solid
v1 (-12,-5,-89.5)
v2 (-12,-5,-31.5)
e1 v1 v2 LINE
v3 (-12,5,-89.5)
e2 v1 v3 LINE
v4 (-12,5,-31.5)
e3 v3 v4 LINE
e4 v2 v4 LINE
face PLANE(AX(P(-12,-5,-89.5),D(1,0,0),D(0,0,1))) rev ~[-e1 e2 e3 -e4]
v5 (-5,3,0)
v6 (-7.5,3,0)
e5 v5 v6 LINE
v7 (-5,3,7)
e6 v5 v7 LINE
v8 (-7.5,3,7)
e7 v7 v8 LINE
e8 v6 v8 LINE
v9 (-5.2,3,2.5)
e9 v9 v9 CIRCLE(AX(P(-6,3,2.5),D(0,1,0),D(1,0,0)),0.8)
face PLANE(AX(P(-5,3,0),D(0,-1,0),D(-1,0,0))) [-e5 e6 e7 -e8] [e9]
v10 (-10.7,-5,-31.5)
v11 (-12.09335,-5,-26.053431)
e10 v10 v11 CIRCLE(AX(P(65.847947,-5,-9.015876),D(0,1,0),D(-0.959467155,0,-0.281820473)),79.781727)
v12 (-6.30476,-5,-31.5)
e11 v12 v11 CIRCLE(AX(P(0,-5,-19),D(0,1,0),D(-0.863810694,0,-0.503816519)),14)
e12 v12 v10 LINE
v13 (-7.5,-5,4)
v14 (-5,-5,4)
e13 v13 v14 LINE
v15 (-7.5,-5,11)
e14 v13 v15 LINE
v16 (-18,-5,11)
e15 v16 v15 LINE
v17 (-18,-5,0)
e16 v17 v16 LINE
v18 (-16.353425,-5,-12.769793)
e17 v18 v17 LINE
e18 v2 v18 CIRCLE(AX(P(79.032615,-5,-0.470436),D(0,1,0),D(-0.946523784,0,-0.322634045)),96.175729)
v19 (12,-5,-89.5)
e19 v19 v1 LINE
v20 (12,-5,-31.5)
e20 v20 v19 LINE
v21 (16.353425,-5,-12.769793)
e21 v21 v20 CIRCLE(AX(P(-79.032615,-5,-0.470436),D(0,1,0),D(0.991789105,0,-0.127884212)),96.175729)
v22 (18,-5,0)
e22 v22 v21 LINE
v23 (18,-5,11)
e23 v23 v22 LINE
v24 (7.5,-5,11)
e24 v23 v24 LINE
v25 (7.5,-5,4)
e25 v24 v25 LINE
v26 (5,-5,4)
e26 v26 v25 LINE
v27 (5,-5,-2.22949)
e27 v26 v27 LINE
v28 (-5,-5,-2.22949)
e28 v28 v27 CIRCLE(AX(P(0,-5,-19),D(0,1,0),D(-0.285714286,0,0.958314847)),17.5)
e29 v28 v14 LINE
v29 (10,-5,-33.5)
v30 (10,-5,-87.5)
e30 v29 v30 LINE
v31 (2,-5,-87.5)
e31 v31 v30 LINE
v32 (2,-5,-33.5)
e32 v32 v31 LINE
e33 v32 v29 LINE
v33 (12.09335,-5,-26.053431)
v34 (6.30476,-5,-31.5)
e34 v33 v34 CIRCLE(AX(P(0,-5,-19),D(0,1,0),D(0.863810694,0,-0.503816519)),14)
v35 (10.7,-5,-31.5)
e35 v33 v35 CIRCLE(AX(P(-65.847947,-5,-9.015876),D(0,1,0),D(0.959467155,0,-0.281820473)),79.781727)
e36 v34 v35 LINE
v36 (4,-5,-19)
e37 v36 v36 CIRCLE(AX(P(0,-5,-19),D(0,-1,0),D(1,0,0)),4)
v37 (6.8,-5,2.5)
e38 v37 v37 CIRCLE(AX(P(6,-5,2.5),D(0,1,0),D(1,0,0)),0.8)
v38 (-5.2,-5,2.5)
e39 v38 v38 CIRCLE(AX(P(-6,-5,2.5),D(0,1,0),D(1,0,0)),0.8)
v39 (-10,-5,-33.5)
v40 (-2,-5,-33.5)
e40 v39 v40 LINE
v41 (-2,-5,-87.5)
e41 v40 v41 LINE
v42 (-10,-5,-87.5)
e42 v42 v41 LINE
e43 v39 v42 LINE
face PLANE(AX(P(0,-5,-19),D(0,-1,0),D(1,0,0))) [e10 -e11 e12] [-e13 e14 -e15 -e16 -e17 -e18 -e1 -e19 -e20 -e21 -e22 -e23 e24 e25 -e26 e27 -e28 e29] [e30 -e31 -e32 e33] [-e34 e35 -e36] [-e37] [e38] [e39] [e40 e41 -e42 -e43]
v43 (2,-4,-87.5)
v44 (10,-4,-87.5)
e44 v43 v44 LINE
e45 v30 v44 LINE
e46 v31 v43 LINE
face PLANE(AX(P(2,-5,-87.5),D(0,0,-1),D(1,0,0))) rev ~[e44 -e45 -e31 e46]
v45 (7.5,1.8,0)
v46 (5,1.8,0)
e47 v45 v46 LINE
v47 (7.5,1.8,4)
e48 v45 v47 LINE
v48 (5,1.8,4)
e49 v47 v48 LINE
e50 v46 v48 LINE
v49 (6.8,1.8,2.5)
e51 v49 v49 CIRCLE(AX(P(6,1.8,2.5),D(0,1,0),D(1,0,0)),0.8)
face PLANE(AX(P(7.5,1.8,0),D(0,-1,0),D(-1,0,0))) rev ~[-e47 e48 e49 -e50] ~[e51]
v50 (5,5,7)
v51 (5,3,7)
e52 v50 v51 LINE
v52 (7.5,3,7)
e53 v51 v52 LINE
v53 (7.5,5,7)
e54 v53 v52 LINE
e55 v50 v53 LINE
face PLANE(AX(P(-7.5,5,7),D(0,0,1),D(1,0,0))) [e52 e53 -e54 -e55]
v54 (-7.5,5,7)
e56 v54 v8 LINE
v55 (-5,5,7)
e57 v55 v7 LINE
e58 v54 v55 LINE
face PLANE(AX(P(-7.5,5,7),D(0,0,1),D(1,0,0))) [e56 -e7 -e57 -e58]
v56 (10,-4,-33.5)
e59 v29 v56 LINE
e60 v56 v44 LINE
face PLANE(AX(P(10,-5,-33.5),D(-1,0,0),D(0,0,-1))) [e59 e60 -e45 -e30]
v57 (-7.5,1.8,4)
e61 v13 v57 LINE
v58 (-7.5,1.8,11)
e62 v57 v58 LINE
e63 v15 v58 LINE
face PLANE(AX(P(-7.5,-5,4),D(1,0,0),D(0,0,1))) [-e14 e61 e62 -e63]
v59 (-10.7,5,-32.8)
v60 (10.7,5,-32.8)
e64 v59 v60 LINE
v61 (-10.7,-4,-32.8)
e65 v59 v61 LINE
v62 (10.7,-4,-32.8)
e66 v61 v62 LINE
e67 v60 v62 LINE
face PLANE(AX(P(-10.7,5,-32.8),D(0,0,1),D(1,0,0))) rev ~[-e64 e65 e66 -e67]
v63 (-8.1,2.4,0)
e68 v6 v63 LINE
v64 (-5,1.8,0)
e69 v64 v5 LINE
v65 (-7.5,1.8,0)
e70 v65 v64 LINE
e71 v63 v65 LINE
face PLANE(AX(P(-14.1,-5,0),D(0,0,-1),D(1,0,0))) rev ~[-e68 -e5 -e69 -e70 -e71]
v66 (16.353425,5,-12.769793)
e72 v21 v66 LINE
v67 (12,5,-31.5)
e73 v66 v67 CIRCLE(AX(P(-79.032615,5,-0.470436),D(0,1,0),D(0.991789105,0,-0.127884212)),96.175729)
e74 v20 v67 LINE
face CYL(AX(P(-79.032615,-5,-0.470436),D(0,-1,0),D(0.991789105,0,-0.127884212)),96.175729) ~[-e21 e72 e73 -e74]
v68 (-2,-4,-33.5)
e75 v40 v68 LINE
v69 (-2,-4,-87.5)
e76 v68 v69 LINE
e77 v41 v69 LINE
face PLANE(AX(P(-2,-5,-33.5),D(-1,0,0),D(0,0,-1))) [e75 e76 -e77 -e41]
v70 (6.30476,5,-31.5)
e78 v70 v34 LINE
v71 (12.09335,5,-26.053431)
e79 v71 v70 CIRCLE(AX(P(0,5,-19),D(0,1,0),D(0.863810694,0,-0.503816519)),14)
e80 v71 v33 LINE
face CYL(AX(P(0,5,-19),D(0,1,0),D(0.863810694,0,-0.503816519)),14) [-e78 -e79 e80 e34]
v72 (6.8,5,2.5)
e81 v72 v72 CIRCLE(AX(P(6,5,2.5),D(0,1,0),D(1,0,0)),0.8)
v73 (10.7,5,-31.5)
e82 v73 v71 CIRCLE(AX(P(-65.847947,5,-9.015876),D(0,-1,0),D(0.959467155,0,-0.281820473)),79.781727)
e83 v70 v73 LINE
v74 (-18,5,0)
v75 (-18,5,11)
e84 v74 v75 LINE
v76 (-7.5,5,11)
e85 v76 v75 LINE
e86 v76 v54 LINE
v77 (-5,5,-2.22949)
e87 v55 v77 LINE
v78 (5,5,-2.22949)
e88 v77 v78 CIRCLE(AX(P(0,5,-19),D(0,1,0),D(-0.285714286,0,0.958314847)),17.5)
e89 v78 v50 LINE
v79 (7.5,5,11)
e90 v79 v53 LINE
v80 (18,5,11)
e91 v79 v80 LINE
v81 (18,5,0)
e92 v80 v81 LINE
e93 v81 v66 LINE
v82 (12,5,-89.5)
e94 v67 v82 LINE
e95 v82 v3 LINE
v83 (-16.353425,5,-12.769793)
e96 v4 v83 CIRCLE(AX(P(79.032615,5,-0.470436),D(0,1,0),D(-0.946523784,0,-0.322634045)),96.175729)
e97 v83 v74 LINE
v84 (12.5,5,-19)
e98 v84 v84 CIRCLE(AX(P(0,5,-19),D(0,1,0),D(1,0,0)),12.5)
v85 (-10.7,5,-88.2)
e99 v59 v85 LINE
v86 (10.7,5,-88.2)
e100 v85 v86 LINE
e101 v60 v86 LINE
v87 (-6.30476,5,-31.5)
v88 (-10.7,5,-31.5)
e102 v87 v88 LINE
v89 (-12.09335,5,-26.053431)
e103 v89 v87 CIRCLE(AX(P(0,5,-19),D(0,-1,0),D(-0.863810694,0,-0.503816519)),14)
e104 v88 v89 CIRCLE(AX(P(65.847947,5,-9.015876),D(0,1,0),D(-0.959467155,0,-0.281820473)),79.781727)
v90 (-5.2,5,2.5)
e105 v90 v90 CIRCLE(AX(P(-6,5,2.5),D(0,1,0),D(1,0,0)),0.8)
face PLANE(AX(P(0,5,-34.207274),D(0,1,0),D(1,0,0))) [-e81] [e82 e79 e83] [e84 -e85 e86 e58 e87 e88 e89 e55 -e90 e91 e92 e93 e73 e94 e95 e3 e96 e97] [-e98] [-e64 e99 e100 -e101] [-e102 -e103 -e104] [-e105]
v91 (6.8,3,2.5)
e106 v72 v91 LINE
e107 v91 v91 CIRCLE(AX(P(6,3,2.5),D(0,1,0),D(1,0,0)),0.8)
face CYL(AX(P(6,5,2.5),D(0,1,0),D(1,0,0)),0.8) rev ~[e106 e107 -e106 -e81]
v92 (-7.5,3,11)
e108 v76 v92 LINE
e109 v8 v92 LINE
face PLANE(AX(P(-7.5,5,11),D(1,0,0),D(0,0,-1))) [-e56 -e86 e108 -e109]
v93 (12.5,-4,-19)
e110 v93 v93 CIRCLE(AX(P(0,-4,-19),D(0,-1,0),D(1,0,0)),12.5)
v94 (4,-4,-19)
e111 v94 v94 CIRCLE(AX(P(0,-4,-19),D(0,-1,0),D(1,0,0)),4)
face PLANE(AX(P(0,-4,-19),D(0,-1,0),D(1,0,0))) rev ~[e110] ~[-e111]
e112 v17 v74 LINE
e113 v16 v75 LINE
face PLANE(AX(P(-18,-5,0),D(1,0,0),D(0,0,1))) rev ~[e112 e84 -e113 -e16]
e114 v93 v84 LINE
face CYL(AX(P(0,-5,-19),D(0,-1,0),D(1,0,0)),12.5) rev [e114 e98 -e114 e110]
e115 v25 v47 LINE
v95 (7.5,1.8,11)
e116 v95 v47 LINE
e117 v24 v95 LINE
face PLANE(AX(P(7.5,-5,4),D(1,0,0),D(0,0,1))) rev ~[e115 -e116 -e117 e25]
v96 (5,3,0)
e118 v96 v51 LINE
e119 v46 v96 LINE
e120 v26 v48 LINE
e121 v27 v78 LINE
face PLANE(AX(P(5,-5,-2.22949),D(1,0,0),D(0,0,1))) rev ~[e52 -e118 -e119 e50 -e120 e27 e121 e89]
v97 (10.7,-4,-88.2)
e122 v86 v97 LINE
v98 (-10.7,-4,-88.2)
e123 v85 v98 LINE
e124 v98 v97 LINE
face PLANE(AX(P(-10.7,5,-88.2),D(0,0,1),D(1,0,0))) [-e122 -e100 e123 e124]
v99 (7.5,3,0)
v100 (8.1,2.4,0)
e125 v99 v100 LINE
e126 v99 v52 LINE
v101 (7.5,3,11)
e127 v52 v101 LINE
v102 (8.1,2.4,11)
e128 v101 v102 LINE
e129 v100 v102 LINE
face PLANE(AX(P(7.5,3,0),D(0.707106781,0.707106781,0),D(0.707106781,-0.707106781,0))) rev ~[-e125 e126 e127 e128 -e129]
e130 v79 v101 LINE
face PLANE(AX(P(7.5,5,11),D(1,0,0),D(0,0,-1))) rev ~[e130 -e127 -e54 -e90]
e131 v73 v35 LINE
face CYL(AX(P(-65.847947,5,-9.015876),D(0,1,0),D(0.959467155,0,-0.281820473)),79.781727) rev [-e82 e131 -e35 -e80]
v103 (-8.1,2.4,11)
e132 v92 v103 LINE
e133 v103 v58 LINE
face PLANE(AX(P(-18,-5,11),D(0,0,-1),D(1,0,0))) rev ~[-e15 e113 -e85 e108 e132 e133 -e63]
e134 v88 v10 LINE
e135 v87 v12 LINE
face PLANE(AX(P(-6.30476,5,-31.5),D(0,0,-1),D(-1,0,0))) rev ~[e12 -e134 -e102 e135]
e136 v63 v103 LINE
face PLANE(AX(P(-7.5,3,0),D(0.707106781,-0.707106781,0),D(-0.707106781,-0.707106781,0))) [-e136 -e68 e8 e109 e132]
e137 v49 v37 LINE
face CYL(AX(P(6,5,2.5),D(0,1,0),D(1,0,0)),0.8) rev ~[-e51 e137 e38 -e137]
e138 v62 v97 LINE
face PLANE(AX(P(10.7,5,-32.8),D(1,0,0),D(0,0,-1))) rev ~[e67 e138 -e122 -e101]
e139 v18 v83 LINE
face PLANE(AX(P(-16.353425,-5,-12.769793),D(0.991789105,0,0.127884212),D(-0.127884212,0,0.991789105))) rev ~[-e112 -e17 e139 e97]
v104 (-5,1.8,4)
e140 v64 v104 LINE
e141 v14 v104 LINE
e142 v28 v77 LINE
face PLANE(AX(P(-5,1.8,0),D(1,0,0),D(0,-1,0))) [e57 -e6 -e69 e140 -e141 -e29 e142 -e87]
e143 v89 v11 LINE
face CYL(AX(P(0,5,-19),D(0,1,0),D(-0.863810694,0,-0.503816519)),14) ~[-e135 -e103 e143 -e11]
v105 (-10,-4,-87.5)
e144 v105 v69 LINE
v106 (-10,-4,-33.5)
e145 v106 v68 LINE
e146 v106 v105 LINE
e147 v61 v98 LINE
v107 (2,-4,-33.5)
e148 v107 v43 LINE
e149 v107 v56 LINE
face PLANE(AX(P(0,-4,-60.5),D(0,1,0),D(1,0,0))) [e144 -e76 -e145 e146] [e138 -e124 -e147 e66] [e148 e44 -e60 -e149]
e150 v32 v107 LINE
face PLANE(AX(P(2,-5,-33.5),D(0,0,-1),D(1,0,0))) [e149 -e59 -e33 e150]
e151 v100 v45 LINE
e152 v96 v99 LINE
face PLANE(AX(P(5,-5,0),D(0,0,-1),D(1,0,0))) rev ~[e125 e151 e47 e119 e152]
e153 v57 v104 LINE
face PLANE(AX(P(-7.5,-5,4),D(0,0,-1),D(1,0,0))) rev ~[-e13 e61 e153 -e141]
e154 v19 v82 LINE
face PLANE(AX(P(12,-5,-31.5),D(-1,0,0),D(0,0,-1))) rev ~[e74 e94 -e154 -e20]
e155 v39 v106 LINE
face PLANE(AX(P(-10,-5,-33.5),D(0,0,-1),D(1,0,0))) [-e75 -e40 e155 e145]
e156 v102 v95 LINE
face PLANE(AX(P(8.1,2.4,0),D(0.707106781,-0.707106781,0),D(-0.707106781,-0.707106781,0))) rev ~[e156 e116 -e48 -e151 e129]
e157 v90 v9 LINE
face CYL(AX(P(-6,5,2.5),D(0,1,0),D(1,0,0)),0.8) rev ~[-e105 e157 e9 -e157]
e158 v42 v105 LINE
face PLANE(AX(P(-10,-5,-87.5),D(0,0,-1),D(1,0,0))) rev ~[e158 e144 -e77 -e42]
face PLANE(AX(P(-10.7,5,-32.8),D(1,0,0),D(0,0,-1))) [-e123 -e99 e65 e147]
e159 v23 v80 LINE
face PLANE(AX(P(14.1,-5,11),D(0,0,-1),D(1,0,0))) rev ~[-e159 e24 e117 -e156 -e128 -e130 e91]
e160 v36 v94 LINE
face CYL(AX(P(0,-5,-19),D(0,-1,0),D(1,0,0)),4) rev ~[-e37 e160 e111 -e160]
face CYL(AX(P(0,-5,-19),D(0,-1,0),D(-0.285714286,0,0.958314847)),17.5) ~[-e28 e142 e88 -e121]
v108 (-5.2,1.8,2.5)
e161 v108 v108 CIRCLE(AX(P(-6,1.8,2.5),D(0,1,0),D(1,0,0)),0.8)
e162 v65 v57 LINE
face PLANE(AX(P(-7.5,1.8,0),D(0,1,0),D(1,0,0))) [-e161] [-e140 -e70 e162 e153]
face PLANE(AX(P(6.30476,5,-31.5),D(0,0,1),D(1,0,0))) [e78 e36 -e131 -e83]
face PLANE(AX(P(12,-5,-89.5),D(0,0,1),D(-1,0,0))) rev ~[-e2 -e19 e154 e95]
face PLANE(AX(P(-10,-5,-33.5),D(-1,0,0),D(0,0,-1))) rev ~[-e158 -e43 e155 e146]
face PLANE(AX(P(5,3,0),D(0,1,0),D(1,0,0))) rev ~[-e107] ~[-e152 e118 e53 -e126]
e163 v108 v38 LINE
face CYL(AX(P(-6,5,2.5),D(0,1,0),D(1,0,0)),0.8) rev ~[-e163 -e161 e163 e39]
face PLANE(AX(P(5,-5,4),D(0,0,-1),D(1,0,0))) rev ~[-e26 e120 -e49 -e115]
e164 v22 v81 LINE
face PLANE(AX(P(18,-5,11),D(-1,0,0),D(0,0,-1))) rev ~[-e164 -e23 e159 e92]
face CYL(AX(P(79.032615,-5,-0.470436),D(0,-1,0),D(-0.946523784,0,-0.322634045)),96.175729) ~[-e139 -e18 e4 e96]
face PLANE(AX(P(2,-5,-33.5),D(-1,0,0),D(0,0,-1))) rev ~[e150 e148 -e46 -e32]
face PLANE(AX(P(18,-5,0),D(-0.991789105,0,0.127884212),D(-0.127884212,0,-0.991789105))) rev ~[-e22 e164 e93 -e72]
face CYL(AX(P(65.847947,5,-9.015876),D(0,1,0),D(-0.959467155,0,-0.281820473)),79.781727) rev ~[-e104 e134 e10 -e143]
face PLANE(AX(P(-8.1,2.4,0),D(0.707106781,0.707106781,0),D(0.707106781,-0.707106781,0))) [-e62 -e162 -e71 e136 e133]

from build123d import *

# Parameters (mm, degrees)
RESSALTO_EXTRUS_O1_DEPTH   = 11
RESSALTO_EXTRUS_O1_2_DEPTH = 11
RESSALTO_EXTRUS_O2_START   = -5
ESBO_O3_R                  = 12.5
ESBO_O3_W                  = 8
ESBO_O3_H                  = 54
RESSALTO_EXTRUS_O2_DEPTH   = 10
ESBO_O4_W                  = 21.4
ESBO_O4_H                  = 55.4
CORTE_EXTRUS_O1_DEPTH      = 9
CORTE_EXTRUS_O2_REACH      = 12
ESBO_O5_W                  = 2.5
ESBO_O5_H                  = 7
ESBO_O6_R                  = 0.8
ESBO_O6_W                  = 15
ESBO_O6_H                  = 4
CORTE_EXTRUS_O3_DEPTH      = 11
CORTE_EXTRUS_O4_DEPTH      = 1
CORTE_EXTRUS_O4_DEPTH_BACK = 11
ESBO_O10_R                 = 12.5
ESBO_O10_R_2               = 4
RESSALTO_EXTRUS_O3_DEPTH   = 1


with BuildPart() as part:
    # Esboço1 → Ressalto-extrusão1 (new body)
    with BuildSketch(Plane.XY):
        Polygon((-5, 1.8), (-5, -5), (-14.1, -5), (-14.1, 5), (-5, 5), (-5, 3), (-7.5, 3), (-8.1, 2.4), (-7.5, 1.8), align=None)
    extrude(amount=RESSALTO_EXTRUS_O1_DEPTH)



with BuildPart() as body_2:
    # Esboço1 → Ressalto-extrus_o1 2 (new body)
    with BuildSketch(Plane.XY):
        Polygon((7.5, 1.8), (5, 1.8), (5, -5), (14.1, -5), (14.1, 5), (5, 5), (5, 3), (7.5, 3), (8.1, 2.4), align=None)
    extrude(amount=RESSALTO_EXTRUS_O1_2_DEPTH)


with BuildPart() as part_1:
    add(part.part)

    add(body_2.part)  # Ressalto-extrusão2 merges body 2
    # Esboço3 → Ressalto-extrusão2 (add, through all)
    with BuildSketch(Plane(origin=(0, 0, 0), x_dir=(1, 0, 0), z_dir=(0, 1, 0)).offset(RESSALTO_EXTRUS_O2_START)):
        with BuildLine():
            Line((-14.1, -11), (-14.1, 0))
            Line((-14.1, 0), (-5, 0))
            Line((-5, 0), (-5, 2.229490169))
            ThreePointArc((-5, 2.229490169), (0, 1.5), (5, 2.229490169))
            Line((5, 2.229490169), (5, 0))
            Line((5, 0), (14.1, 0))
            Line((14.1, 0), (14.1, -11))
            Line((14.1, -11), (18, -11))
            Line((18, -11), (18, 0))
            Line((18, 0), (16.353425267, 12.769792778))
            ThreePointArc((16.353425267, 12.769792778), (14.646005419, 22.243973189), (12, 31.5))
            Line((12, 31.5), (12, 89.5))
            Line((12, 89.5), (-12, 89.5))
            Line((-12, 89.5), (-12, 31.5))
            ThreePointArc((-12, 31.5), (-14.646005419, 22.243973189), (-16.353425267, 12.769792778))
            Line((-16.353425267, 12.769792778), (-18, 0))
            Line((-18, 0), (-18, -11))
            Line((-18, -11), (-14.1, -11))
        make_face()
        with Locations((0, 19)):
            Circle(ESBO_O3_R, mode=Mode.SUBTRACT)
        with Locations((-6, 60.5)):
            Rectangle(ESBO_O3_W, ESBO_O3_H, mode=Mode.SUBTRACT)
        with Locations((6, 60.5)):
            Rectangle(ESBO_O3_W, ESBO_O3_H, mode=Mode.SUBTRACT)
    extrude(amount=RESSALTO_EXTRUS_O2_DEPTH)

    # Esboço4 → Corte-extrusão1 (cut)
    with BuildSketch(Plane(origin=(0, 5, 0), x_dir=(1, 0, 0), z_dir=(0, 1, 0))):
        with Locations((0, 60.5)):
            Rectangle(ESBO_O4_W, ESBO_O4_H)
    extrude(amount=-CORTE_EXTRUS_O1_DEPTH, mode=Mode.SUBTRACT)

    # Esboço5 → Corte-extrusão2 (cut, up to next)
    with BuildSketch(Plane.XZ.offset(5), mode=Mode.PRIVATE) as corte_extrus_o2_sk1:
        with Locations((-6.25, 7.5)):
            Rectangle(ESBO_O5_W, ESBO_O5_H)
    corte_extrus_o2_tool1 = extrude(corte_extrus_o2_sk1.sketch, amount=-CORTE_EXTRUS_O2_REACH, mode=Mode.PRIVATE) & part_1.part
    add(corte_extrus_o2_tool1.solids().sort_by_distance((-6.25, -5, 7.5))[0], mode=Mode.SUBTRACT)
    # Esboço5 → Corte-extrusão2 (cut, up to next)
    with BuildSketch(Plane.XZ.offset(5), mode=Mode.PRIVATE) as corte_extrus_o2_sk2:
        with Locations((6.25, 7.5)):
            Rectangle(ESBO_O5_W, ESBO_O5_H)
    corte_extrus_o2_tool2 = extrude(corte_extrus_o2_sk2.sketch, amount=-CORTE_EXTRUS_O2_REACH, mode=Mode.PRIVATE) & part_1.part
    add(corte_extrus_o2_tool2.solids().sort_by_distance((6.25, -5, 7.5))[0], mode=Mode.SUBTRACT)

    # Esboço6 → Corte-extrusão3 (cut, through all)
    with BuildSketch(Plane(origin=(0, 5, 0), x_dir=(1, 0, 0), z_dir=(0, 1, 0))):
        with Locations((-6, -2.5)):
            Circle(ESBO_O6_R)
        with Locations((6, -2.5)):
            Circle(ESBO_O6_R)
        with Locations((0, -9)):
            Rectangle(ESBO_O6_W, ESBO_O6_H)
    extrude(amount=-CORTE_EXTRUS_O3_DEPTH, mode=Mode.SUBTRACT)

    # Esboço9 → Corte-extrusão4 (cut, two sides)
    with BuildSketch(Plane(origin=(0, 5, 0), x_dir=(1, 0, 0), z_dir=(0, 1, 0))) as corte_extrus_o4_sk:
        with BuildLine():
            Line((6.304760106, 31.5), (10.7, 31.5))
            ThreePointArc((10.7, 31.5), (11.444665091, 28.788992569), (12.093349717, 26.053431266))
            ThreePointArc((12.093349717, 26.053431266), (9.593690062, 29.196132158), (6.304760106, 31.5))
        make_face()
        with BuildLine():
            Line((-6.304760106, 31.5), (-10.7, 31.5))
            ThreePointArc((-10.7, 31.5), (-11.444665091, 28.788992569), (-12.093349717, 26.053431266))
            ThreePointArc((-12.093349717, 26.053431266), (-9.593690062, 29.196132158), (-6.304760106, 31.5))
        make_face()
    extrude(amount=CORTE_EXTRUS_O4_DEPTH, mode=Mode.SUBTRACT)
    extrude(corte_extrus_o4_sk.sketch, amount=-CORTE_EXTRUS_O4_DEPTH_BACK, mode=Mode.SUBTRACT)

    # Esboço10 → Ressalto-extrusão3 (add)
    with BuildSketch(Plane.XZ.offset(5)):
        with Locations((0, -19)):
            Circle(ESBO_O10_R)
        with Locations((0, -19)):
            Circle(ESBO_O10_R_2, mode=Mode.SUBTRACT)
    extrude(amount=-RESSALTO_EXTRUS_O3_DEPTH)


solid = part_1.part
